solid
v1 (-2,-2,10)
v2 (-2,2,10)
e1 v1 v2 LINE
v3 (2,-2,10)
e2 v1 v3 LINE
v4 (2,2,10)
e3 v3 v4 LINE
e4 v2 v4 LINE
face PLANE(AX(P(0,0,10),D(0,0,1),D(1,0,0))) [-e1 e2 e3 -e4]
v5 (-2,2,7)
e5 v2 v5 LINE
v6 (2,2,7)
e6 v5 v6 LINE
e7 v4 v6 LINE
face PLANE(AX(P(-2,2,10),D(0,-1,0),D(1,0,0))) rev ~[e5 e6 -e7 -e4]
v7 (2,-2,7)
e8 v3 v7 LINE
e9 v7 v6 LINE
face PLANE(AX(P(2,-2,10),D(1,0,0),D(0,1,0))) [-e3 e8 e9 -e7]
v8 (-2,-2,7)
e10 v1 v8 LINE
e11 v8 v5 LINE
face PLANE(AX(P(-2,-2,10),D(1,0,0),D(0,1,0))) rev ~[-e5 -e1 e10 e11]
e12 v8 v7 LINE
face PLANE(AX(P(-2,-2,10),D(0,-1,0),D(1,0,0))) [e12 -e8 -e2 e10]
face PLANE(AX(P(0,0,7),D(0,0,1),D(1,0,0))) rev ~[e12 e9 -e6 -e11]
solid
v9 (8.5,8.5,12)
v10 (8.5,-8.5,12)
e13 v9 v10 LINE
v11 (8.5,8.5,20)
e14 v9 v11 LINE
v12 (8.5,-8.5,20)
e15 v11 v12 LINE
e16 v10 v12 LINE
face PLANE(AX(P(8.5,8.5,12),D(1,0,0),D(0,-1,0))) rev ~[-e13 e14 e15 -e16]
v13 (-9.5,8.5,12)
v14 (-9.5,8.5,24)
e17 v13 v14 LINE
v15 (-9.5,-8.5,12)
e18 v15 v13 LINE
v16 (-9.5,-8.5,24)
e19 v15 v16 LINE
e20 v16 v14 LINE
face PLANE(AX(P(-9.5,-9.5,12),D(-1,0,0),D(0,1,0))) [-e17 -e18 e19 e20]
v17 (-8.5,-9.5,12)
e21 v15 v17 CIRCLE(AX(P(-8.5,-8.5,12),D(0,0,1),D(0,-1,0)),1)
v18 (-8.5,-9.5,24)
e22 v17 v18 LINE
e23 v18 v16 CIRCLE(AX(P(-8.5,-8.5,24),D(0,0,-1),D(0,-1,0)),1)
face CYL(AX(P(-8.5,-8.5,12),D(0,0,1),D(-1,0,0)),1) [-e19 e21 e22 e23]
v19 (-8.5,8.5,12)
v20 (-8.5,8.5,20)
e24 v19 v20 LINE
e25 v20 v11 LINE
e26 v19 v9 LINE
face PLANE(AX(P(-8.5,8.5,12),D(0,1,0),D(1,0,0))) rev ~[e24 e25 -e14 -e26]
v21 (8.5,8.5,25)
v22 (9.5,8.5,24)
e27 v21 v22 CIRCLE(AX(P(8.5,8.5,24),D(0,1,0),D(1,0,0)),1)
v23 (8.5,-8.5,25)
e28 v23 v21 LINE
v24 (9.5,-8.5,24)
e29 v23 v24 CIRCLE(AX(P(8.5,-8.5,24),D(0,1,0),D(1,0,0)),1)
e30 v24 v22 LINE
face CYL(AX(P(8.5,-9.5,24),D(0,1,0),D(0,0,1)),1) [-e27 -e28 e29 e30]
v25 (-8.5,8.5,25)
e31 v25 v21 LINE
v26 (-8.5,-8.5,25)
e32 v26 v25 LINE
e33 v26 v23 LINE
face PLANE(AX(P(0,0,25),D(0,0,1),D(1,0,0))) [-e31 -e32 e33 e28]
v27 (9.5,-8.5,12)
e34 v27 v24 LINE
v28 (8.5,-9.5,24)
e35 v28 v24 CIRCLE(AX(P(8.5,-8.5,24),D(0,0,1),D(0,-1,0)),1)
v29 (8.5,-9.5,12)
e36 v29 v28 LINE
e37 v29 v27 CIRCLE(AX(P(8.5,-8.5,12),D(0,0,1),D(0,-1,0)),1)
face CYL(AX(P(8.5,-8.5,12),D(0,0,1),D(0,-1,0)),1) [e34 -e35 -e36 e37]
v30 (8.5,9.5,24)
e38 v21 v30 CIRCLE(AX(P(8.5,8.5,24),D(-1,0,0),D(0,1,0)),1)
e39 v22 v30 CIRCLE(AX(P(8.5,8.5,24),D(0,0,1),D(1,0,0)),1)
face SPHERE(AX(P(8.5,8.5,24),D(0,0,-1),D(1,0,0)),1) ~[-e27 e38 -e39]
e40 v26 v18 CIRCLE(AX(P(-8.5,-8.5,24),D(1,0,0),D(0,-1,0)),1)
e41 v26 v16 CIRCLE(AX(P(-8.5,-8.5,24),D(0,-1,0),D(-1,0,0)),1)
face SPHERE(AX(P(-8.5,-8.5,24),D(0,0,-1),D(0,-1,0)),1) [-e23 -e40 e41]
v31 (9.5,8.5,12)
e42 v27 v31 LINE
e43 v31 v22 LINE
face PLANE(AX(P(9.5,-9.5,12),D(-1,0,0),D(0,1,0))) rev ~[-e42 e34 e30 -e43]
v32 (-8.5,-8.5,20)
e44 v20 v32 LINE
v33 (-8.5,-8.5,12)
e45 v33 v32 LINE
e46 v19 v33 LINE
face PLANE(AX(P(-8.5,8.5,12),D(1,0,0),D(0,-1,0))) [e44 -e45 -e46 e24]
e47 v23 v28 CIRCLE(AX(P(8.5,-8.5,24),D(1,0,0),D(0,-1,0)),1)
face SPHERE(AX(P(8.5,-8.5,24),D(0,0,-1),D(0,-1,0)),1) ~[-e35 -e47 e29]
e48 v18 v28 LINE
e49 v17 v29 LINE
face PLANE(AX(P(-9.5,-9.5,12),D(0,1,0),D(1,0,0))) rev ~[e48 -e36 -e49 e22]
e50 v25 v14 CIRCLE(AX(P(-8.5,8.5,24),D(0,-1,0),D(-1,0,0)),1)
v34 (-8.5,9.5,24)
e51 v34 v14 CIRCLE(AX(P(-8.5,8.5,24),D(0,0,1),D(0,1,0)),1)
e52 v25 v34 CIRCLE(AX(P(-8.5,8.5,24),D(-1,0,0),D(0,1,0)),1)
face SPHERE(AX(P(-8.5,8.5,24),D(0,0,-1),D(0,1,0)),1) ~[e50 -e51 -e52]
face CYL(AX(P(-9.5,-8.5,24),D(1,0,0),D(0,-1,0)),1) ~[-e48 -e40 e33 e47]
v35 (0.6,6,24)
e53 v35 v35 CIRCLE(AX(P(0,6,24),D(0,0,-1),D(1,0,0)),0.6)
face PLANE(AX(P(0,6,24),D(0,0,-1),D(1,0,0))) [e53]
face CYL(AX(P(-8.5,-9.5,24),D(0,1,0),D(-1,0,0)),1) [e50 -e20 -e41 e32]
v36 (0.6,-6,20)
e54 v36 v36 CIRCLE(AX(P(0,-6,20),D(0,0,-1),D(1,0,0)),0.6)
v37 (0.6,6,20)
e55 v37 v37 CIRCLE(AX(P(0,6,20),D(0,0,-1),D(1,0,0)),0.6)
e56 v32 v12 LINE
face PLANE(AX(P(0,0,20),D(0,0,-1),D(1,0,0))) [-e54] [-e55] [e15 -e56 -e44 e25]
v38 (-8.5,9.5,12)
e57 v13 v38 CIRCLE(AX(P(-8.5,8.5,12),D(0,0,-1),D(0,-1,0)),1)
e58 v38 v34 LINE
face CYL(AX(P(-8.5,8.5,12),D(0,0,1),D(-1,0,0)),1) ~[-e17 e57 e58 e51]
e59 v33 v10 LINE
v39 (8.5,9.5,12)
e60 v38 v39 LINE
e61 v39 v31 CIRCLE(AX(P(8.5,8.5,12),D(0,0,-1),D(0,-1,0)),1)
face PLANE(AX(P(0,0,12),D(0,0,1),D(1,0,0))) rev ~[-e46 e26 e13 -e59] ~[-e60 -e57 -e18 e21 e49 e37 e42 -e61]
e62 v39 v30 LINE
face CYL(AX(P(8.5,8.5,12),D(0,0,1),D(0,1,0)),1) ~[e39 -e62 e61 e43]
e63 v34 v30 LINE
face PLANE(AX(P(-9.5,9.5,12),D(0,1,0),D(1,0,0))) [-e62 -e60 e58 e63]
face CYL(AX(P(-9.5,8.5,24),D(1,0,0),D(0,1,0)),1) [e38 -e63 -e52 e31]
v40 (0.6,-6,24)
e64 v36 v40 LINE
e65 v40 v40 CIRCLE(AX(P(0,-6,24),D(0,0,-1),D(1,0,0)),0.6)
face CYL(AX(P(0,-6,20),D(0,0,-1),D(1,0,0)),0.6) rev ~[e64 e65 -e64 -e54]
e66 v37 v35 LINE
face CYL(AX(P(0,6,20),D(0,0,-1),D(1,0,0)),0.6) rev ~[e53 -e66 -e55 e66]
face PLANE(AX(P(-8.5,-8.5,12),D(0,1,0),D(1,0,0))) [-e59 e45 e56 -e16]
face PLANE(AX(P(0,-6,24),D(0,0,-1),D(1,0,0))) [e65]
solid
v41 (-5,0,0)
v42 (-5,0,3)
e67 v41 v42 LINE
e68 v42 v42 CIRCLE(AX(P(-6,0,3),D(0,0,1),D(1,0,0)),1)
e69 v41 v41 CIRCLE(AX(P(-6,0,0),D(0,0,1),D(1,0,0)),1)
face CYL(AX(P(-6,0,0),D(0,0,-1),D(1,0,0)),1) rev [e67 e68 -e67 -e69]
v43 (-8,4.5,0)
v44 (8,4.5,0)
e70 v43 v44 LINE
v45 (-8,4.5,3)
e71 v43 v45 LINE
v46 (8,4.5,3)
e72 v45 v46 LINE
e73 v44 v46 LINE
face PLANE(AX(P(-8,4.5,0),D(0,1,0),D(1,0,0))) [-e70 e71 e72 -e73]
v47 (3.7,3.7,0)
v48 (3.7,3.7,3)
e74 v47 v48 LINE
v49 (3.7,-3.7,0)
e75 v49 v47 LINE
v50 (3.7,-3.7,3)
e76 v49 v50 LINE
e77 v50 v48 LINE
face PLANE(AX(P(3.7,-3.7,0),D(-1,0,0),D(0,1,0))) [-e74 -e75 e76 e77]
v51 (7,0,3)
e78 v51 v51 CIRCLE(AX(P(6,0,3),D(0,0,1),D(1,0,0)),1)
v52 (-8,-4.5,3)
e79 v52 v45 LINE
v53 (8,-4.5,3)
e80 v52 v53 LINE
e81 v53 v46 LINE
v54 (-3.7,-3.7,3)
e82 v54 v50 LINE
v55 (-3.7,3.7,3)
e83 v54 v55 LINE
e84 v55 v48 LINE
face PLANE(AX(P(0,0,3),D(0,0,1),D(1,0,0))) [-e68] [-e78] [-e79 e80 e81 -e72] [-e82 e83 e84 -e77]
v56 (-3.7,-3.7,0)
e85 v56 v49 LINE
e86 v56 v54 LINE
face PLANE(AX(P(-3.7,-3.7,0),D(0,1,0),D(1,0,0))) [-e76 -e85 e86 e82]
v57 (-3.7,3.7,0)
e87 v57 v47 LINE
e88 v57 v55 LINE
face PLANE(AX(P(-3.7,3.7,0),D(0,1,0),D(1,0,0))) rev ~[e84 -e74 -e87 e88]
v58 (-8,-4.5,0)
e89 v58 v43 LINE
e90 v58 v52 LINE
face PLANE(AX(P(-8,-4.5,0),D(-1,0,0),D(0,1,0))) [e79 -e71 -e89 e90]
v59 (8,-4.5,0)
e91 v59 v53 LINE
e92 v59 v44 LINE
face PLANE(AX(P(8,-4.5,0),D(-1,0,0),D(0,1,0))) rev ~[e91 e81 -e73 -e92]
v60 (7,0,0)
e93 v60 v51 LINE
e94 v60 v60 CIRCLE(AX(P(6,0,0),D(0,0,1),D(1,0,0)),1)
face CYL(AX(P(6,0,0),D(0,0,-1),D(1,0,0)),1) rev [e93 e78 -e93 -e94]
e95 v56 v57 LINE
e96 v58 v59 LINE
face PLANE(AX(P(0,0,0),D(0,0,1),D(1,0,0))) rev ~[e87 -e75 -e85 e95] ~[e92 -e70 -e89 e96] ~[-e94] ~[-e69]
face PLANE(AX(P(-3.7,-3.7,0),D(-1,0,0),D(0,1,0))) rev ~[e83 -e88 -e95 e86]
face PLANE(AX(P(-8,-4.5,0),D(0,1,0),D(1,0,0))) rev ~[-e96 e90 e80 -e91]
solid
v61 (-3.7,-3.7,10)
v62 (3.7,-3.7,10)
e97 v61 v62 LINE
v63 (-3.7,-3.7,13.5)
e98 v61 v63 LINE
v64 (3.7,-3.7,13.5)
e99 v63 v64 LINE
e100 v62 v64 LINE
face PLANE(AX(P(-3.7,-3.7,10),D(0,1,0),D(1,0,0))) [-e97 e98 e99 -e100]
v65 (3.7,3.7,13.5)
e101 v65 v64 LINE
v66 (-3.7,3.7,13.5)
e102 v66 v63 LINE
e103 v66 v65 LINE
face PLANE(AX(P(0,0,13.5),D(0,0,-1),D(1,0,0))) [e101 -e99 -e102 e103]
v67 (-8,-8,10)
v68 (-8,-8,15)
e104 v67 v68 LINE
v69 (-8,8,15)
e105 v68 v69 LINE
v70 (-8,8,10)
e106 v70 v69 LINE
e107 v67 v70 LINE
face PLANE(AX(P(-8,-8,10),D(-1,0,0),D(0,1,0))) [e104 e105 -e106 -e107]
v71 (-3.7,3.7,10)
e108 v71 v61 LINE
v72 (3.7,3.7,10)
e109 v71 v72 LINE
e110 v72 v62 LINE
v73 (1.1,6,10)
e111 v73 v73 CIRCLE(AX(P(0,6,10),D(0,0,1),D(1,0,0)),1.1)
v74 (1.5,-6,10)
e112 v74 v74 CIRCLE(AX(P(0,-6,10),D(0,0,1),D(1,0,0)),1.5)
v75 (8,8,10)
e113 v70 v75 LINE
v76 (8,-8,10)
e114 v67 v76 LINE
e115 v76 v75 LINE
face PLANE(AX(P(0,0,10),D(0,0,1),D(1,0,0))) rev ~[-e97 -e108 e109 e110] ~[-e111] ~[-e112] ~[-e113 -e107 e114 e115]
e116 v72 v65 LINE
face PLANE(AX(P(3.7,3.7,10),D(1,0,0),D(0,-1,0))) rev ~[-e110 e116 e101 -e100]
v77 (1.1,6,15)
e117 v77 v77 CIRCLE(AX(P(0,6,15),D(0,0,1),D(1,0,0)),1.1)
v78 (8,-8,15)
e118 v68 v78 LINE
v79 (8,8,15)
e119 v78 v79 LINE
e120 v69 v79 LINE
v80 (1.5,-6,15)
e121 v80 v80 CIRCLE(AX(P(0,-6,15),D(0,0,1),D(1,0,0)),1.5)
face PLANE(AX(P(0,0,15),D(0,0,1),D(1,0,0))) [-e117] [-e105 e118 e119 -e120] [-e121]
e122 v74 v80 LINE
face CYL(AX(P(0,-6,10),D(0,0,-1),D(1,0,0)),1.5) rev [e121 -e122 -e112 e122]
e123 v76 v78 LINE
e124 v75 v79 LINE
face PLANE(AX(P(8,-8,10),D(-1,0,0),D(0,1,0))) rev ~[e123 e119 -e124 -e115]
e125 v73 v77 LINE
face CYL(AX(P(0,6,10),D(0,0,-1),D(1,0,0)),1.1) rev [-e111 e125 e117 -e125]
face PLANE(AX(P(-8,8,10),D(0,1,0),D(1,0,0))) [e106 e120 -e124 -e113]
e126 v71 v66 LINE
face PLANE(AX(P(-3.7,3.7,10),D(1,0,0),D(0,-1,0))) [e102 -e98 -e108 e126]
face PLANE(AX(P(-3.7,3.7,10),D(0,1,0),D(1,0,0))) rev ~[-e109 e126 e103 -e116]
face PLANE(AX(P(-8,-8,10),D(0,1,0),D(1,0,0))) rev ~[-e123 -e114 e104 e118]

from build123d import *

# Parameters (mm, degrees)
F0_W      = 16
F0_H      = 9
F0_R      = 1
F0_W_2    = 7.4
F0_H_2    = 7.4
F1_DEPTH  = 3
F3_W      = 4
F3_H      = 4
F4_DEPTH  = 3
F5_W      = 16
F5_H      = 16
F5_R      = 1.5
F5_R_2    = 1.1
F6_DEPTH  = 5
F8_W      = 19
F8_H      = 19
F9_DEPTH  = 13
F10_W     = 17
F10_H     = 17
F11_DEPTH = 8
F12_R     = 0.6
F13_DEPTH = 4
F14_R     = 1
F15_W     = 7.4
F15_H     = 7.4
F16_DEPTH = 3.5


with BuildPart() as f1:
    # F0 (on Top) → F1 (new body)
    with BuildSketch(Plane.XY):
        Rectangle(F0_W, F0_H)
        with Locations((-6, 0)):
            Circle(F0_R, mode=Mode.SUBTRACT)
        Rectangle(F0_W_2, F0_H_2, mode=Mode.SUBTRACT)
        with Locations((6, 0)):
            Circle(F0_R, mode=Mode.SUBTRACT)
    extrude(amount=F1_DEPTH)


with BuildPart() as f4:
    # F3 (on offset) → F4 (new body)
    with BuildSketch(Plane.XY.offset(10)):
        Rectangle(F3_W, F3_H)
    extrude(amount=-F4_DEPTH)


with BuildPart() as f6:
    # F5 (on offset) → F6 (new body)
    with BuildSketch(Plane.XY.offset(10)):
        Rectangle(F5_W, F5_H)
        with Locations((0, -6)):
            Circle(F5_R, mode=Mode.SUBTRACT)
        with Locations((0, 6)):
            Circle(F5_R_2, mode=Mode.SUBTRACT)
    extrude(amount=F6_DEPTH)

    # F15 (on face) → F16 (cut)
    with BuildSketch(Plane(origin=(0, 0, 10), x_dir=(1, 0, 0), z_dir=(0, 0, -1))):
        Rectangle(F15_W, F15_H)
    extrude(amount=-F16_DEPTH, mode=Mode.SUBTRACT)


with BuildPart() as f9:
    # F8 (on offset) → F9 (new body)
    with BuildSketch(Plane.XY.offset(12)):
        Rectangle(F8_W, F8_H)
    extrude(amount=F9_DEPTH)

    # F10 (on face) → F11 (cut)
    with BuildSketch(Plane(origin=(0, 0, 12), x_dir=(1, 0, 0), z_dir=(0, 0, -1))):
        Rectangle(F10_W, F10_H)
    extrude(amount=-F11_DEPTH, mode=Mode.SUBTRACT)

    # F12 (on face) → F13 (cut)
    with BuildSketch(Plane(origin=(0, 0, 20), x_dir=(1, 0, 0), z_dir=(0, 0, -1))):
        with Locations((0, 6)):
            Circle(F12_R)
        with Locations((0, -6)):
            Circle(F12_R)
    extrude(amount=-F13_DEPTH, mode=Mode.SUBTRACT)

    # F14
    f14_edges = [f9.edges().sort_by_distance(p)[0] for p in [
        (-9.5, -9.5, 18.5),
        (9.5, -9.5, 18.5),
        (-9.5, 9.5, 18.5),
        (9.5, 9.5, 18.5),
        (0, -9.5, 25),
        (9.5, 0, 25),
        (0, 9.5, 25),
        (-9.5, 0, 25),
    ]]
    fillet(f14_edges, radius=F14_R)


solid = Compound([f1.part, f4.part, f6.part, f9.part])
